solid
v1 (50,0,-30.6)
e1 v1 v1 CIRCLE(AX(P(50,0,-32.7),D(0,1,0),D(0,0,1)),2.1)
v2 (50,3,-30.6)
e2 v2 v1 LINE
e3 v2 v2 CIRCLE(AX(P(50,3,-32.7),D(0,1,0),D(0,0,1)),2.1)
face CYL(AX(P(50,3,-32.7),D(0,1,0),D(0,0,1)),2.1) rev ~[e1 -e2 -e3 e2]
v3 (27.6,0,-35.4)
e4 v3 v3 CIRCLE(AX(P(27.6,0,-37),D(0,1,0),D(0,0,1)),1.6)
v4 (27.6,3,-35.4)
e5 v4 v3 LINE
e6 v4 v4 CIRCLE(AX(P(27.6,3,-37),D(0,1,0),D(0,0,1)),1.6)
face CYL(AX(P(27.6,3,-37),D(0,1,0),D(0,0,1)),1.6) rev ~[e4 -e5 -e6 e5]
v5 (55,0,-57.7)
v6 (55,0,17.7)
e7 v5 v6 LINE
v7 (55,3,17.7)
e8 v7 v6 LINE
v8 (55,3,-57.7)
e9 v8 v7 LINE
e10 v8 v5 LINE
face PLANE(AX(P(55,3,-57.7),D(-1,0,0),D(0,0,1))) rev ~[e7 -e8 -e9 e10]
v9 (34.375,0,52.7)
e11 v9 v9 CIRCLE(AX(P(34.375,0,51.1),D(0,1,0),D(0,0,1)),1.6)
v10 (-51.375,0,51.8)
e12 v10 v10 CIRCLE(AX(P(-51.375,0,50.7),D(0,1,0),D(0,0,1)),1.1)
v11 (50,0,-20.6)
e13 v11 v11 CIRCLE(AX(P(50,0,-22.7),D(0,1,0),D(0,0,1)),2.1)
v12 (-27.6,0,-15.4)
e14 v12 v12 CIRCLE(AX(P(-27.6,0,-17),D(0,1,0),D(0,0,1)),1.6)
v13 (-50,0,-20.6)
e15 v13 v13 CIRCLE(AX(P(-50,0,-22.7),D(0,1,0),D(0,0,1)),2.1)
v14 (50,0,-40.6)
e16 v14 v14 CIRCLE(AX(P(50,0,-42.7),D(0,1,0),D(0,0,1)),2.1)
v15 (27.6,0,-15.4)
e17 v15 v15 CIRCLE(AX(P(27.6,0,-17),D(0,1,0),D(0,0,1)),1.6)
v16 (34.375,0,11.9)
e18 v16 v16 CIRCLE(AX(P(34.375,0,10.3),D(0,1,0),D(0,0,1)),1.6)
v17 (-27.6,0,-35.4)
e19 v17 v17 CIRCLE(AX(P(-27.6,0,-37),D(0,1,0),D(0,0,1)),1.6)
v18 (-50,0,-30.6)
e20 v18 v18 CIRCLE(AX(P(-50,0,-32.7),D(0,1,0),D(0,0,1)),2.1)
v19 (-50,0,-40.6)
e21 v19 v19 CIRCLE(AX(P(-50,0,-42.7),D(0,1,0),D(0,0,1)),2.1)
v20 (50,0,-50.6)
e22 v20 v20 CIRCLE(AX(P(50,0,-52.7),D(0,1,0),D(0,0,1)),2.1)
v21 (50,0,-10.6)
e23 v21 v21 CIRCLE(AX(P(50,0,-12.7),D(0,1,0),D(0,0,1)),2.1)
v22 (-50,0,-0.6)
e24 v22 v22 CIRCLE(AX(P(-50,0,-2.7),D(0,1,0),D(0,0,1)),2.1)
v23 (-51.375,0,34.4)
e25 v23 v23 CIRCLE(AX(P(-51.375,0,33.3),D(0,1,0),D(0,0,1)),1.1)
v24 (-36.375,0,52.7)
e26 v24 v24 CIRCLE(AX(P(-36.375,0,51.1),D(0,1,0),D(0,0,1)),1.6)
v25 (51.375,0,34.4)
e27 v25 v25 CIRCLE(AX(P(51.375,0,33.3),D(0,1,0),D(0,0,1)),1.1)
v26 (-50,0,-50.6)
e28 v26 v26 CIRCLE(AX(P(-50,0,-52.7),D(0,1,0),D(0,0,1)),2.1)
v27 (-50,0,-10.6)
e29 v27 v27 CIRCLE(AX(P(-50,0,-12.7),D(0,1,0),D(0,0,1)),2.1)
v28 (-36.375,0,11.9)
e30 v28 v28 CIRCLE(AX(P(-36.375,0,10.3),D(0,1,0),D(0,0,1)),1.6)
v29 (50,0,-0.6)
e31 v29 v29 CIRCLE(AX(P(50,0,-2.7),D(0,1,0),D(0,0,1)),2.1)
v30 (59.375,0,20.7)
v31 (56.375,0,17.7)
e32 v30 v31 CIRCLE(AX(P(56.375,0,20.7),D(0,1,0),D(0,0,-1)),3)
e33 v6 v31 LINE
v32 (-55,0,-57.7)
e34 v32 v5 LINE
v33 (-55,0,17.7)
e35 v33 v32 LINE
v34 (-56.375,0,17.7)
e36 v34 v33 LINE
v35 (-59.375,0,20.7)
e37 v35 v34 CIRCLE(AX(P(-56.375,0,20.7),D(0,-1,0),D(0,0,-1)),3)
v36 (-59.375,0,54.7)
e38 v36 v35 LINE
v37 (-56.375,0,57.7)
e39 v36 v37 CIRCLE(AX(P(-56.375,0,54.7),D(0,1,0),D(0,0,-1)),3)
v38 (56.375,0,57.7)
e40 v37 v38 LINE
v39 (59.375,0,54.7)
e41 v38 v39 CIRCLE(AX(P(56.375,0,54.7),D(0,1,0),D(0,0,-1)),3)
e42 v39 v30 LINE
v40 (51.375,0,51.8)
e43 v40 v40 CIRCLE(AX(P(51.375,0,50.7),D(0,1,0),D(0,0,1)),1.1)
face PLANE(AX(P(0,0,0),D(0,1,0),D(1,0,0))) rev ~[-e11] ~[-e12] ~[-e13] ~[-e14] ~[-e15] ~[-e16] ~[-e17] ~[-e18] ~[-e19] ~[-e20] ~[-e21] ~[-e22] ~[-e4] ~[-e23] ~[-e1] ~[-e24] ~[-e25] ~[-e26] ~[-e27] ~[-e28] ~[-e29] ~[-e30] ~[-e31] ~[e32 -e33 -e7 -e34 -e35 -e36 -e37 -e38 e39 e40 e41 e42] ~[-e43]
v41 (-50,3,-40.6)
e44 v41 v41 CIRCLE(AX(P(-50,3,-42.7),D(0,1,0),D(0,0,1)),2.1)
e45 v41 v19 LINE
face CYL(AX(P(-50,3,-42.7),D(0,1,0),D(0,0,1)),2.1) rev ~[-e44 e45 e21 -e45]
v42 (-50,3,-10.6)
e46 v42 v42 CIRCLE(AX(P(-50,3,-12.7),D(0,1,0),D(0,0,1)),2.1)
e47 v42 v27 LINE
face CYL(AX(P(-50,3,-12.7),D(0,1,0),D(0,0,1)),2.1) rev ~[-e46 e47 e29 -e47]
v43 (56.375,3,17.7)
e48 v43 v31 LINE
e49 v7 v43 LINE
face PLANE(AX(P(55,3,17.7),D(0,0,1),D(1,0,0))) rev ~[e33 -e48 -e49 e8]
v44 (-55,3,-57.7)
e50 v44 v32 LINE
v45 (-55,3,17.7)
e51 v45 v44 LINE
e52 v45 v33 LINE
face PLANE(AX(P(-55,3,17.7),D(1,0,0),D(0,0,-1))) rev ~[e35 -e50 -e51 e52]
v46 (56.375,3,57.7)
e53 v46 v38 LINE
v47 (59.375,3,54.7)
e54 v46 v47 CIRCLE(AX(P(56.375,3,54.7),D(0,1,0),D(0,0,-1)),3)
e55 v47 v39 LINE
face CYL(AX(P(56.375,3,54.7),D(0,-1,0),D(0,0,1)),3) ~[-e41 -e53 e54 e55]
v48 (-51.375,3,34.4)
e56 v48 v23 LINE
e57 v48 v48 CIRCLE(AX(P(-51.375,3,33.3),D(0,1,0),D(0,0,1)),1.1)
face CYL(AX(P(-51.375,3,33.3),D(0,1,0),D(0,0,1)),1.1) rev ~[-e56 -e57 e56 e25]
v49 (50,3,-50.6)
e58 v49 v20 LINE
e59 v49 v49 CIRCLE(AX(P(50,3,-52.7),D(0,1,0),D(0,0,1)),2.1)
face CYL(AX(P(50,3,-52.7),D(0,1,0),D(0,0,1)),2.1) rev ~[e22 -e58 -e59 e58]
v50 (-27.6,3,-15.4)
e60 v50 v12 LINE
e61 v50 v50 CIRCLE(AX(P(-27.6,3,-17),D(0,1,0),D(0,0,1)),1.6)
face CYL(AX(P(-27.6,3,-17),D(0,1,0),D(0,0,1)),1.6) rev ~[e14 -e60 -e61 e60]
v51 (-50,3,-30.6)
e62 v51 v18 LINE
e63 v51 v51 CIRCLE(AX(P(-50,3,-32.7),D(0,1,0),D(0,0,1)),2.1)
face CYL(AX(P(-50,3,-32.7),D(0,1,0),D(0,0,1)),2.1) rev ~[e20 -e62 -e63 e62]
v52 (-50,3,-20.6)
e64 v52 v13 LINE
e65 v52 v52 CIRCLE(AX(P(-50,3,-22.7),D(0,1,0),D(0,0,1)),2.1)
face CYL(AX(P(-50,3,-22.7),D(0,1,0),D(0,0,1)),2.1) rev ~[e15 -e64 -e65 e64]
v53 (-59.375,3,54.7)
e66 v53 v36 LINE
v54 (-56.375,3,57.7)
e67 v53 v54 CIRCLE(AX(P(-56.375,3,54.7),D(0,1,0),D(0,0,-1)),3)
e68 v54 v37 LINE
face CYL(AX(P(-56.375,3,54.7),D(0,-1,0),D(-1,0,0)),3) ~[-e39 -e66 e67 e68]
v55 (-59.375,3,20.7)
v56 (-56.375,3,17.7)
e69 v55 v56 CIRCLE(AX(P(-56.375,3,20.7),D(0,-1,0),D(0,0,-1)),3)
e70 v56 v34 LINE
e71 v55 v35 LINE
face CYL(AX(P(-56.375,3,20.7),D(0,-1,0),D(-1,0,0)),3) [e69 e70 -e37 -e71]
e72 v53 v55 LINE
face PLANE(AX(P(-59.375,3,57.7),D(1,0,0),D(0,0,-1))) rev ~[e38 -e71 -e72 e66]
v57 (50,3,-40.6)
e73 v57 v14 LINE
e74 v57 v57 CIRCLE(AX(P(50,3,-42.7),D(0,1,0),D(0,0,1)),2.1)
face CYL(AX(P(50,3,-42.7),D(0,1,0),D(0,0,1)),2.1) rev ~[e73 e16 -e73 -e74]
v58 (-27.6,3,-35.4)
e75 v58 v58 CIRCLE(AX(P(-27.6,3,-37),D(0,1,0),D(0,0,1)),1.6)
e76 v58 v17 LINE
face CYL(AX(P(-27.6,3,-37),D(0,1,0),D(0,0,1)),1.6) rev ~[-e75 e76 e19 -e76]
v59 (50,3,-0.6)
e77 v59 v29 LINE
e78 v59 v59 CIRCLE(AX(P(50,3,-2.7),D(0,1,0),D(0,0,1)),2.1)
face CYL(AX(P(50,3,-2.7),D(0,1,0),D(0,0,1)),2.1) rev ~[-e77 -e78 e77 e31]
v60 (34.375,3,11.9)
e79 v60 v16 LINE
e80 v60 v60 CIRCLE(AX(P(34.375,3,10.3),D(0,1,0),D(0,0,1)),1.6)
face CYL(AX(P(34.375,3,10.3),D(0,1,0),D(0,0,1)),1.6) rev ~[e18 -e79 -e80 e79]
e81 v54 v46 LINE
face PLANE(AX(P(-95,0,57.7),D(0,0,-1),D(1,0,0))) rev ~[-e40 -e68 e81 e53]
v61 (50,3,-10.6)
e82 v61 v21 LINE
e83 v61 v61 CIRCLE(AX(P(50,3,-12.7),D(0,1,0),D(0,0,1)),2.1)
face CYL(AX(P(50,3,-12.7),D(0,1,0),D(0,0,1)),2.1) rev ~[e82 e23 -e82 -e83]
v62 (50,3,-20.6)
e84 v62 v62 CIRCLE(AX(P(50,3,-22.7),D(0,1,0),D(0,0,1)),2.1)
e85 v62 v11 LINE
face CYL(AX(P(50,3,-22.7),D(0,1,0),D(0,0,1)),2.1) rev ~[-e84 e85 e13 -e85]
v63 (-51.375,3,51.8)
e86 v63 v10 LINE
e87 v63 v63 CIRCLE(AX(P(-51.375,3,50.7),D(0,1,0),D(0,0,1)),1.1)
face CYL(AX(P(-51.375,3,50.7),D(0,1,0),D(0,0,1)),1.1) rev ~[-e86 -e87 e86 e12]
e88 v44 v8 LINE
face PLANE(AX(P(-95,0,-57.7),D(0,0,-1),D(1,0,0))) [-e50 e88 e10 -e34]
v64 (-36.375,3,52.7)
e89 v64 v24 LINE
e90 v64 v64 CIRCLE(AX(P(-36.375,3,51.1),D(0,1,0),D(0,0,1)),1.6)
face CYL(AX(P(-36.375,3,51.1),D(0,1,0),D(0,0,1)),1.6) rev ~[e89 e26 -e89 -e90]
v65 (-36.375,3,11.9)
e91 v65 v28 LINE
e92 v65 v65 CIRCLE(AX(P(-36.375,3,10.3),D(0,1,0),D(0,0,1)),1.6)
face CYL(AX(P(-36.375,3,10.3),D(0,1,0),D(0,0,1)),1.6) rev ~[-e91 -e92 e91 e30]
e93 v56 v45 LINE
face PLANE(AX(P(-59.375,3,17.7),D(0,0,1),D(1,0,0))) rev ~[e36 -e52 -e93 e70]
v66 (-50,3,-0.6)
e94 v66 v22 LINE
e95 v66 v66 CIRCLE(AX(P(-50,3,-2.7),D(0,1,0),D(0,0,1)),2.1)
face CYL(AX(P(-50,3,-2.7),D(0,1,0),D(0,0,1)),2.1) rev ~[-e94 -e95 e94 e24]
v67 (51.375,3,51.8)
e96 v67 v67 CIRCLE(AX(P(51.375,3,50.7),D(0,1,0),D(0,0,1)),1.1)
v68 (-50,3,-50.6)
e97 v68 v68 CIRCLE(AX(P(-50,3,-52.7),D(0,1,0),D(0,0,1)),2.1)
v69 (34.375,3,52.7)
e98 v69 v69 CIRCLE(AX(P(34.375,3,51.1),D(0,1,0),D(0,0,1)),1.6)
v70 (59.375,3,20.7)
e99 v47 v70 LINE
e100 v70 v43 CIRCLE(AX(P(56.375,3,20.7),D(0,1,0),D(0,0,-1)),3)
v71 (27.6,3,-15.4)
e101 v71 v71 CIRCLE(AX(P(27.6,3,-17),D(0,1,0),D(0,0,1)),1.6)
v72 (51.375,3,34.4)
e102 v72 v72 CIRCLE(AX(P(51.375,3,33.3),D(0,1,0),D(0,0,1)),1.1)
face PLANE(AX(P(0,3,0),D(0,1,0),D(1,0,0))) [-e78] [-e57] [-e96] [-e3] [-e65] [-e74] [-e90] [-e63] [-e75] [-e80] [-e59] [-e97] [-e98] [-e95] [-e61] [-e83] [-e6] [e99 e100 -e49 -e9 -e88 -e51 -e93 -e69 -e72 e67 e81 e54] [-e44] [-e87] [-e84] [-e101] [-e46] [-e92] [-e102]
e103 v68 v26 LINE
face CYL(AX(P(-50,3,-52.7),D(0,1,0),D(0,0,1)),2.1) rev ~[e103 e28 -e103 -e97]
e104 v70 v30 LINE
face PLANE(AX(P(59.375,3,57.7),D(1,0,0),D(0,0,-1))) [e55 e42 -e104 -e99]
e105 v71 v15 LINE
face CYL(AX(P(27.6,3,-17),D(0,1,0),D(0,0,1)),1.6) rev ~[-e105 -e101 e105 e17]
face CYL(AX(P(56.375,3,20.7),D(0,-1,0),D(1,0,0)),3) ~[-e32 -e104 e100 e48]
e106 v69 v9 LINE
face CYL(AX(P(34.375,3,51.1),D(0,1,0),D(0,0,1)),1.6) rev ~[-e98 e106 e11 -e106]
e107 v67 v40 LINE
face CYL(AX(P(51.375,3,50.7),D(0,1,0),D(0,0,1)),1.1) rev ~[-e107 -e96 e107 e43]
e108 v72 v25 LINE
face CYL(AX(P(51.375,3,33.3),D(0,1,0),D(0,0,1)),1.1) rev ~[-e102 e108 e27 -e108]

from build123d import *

# Parameters (mm, degrees)
CROQUIS1_W              = 190
CROQUIS1_H              = 115.4
SALIENTE_EXTRUIR1_DEPTH = 3
CROQUIS2_R              = 1.6
CORTAR_EXTRUIR1_DEPTH   = 5
CROQUIS4_R              = 1.1
CORTAR_EXTRUIR3_DEPTH   = 5
CROQUIS5_W              = 35.625
CROQUIS5_H              = 40
CORTAR_EXTRUIR4_DEPTH   = 5
REDONDEO1_R             = 3
REDONDEO2_R             = 3
REDONDEO3_R             = 3
REDONDEO4_R             = 3
CROQUIS7_R              = 1.6
CORTAR_EXTRUIR6_DEPTH   = 10
CROQUIS6_R              = 2.1
CORTAR_EXTRUIR7_DEPTH   = 3


with BuildPart() as part:
    # Croquis1 → Saliente-Extruir1 (new body)
    with BuildSketch(Plane(origin=(0, 0, 0), x_dir=(1, 0, 0), z_dir=(0, 1, 0))):
        Rectangle(CROQUIS1_W, CROQUIS1_H)
    extrude(amount=SALIENTE_EXTRUIR1_DEPTH)

    # Croquis2 → Cortar-Extruir1 (cut)
    with BuildSketch(Plane(origin=(0, 3, 0), x_dir=(1, 0, 0), z_dir=(0, 1, 0))):
        with Locations(Location((-36.375, -51.1, 0), (0, 0, 270))):
            Circle(CROQUIS2_R)
        with Locations(Location((-36.375, -10.3, 0), (0, 0, 270))):
            Circle(CROQUIS2_R)
        with Locations(Location((34.375, -10.3, 0), (0, 0, 270))):
            Circle(CROQUIS2_R)
        with Locations(Location((34.375, -51.1, 0), (0, 0, 270))):
            Circle(CROQUIS2_R)
    extrude(amount=-CORTAR_EXTRUIR1_DEPTH, mode=Mode.SUBTRACT)

    # Croquis4 → Cortar-Extruir3 (cut)
    with BuildSketch(Plane(origin=(0, 3, 0), x_dir=(1, 0, 0), z_dir=(0, 1, 0))):
        with Locations(Location((-51.375, -50.7, 0), (0, 0, 270))):
            Circle(CROQUIS4_R)
        with Locations(Location((-51.375, -33.3, 0), (0, 0, 270))):
            Circle(CROQUIS4_R)
        with Locations(Location((51.375, -33.3, 0), (0, 0, 270))):
            Circle(CROQUIS4_R)
        with Locations(Location((51.375, -50.7, 0), (0, 0, 270))):
            Circle(CROQUIS4_R)
    extrude(amount=-CORTAR_EXTRUIR3_DEPTH, mode=Mode.SUBTRACT)

    # Croquis5 → Cortar-Extruir4 (cut)
    with BuildSketch(Plane(origin=(0, 3, 0), x_dir=(1, 0, 0), z_dir=(0, 1, 0))):
        with Locations((-77.1875, -37.7)):
            Rectangle(CROQUIS5_W, CROQUIS5_H)
        Polygon((-95, 57.7), (-95, -17.7), (-59.375, -17.7), (-55, -17.7), (-55, 57.7), align=None)
        with Locations((77.1875, -37.7)):
            Rectangle(CROQUIS5_W, CROQUIS5_H)
        Polygon((55, -17.7), (59.375, -17.7), (95, -17.7), (95, 57.7), (55, 57.7), align=None)
    extrude(amount=-CORTAR_EXTRUIR4_DEPTH, mode=Mode.SUBTRACT)

    # Redondeo1
    redondeo1_edges = [part.edges().sort_by_distance(p)[0] for p in [
        (59.375, 1.5, 17.7),
    ]]
    fillet(redondeo1_edges, radius=REDONDEO1_R)

    # Redondeo2
    redondeo2_edges = [part.edges().sort_by_distance(p)[0] for p in [
        (-59.375, 1.5, 17.7),
    ]]
    fillet(redondeo2_edges, radius=REDONDEO2_R)

    # Redondeo3
    redondeo3_edges = [part.edges().sort_by_distance(p)[0] for p in [
        (-59.375, 1.5, 57.7),
    ]]
    fillet(redondeo3_edges, radius=REDONDEO3_R)

    # Redondeo4
    redondeo4_edges = [part.edges().sort_by_distance(p)[0] for p in [
        (59.375, 1.5, 57.7),
    ]]
    fillet(redondeo4_edges, radius=REDONDEO4_R)

    # Croquis7 → Cortar-Extruir6 (cut)
    with BuildSketch(Plane(origin=(0, 3, 0), x_dir=(1, 0, 0), z_dir=(0, 1, 0))):
        with Locations(Location((27.6, 17, 0), (0, 0, 270))):
            Circle(CROQUIS7_R)
        with Locations(Location((-27.6, 17, 0), (0, 0, 270))):
            Circle(CROQUIS7_R)
        with Locations(Location((-27.6, 37, 0), (0, 0, 270))):
            Circle(CROQUIS7_R)
        with Locations(Location((27.6, 37, 0), (0, 0, 270))):
            Circle(CROQUIS7_R)
    extrude(amount=-CORTAR_EXTRUIR6_DEPTH, mode=Mode.SUBTRACT)

    # Croquis6 → Cortar-Extruir7 (cut)
    with BuildSketch(Plane(origin=(0, 3, 0), x_dir=(1, 0, 0), z_dir=(0, 1, 0))):
        with Locations(Location((-50, 2.7, 0), (0, 0, 270))):
            Circle(CROQUIS6_R)
        with Locations(Location((-50, 12.7, 0), (0, 0, 270))):
            Circle(CROQUIS6_R)
        with Locations(Location((-50, 22.7, 0), (0, 0, 270))):
            Circle(CROQUIS6_R)
        with Locations(Location((-50, 32.7, 0), (0, 0, 270))):
            Circle(CROQUIS6_R)
        with Locations(Location((-50, 42.7, 0), (0, 0, 270))):
            Circle(CROQUIS6_R)
        with Locations(Location((-50, 52.7, 0), (0, 0, 270))):
            Circle(CROQUIS6_R)
        with Locations(Location((50, 2.7, 0), (0, 0, 270))):
            Circle(CROQUIS6_R)
        with Locations(Location((50, 12.7, 0), (0, 0, 270))):
            Circle(CROQUIS6_R)
        with Locations(Location((50, 22.7, 0), (0, 0, 270))):
            Circle(CROQUIS6_R)
        with Locations(Location((50, 32.7, 0), (0, 0, 270))):
            Circle(CROQUIS6_R)
        with Locations(Location((50, 42.7, 0), (0, 0, 270))):
            Circle(CROQUIS6_R)
        with Locations(Location((50, 52.7, 0), (0, 0, 270))):
            Circle(CROQUIS6_R)
    extrude(amount=-CORTAR_EXTRUIR7_DEPTH, mode=Mode.SUBTRACT)


solid = part.part
